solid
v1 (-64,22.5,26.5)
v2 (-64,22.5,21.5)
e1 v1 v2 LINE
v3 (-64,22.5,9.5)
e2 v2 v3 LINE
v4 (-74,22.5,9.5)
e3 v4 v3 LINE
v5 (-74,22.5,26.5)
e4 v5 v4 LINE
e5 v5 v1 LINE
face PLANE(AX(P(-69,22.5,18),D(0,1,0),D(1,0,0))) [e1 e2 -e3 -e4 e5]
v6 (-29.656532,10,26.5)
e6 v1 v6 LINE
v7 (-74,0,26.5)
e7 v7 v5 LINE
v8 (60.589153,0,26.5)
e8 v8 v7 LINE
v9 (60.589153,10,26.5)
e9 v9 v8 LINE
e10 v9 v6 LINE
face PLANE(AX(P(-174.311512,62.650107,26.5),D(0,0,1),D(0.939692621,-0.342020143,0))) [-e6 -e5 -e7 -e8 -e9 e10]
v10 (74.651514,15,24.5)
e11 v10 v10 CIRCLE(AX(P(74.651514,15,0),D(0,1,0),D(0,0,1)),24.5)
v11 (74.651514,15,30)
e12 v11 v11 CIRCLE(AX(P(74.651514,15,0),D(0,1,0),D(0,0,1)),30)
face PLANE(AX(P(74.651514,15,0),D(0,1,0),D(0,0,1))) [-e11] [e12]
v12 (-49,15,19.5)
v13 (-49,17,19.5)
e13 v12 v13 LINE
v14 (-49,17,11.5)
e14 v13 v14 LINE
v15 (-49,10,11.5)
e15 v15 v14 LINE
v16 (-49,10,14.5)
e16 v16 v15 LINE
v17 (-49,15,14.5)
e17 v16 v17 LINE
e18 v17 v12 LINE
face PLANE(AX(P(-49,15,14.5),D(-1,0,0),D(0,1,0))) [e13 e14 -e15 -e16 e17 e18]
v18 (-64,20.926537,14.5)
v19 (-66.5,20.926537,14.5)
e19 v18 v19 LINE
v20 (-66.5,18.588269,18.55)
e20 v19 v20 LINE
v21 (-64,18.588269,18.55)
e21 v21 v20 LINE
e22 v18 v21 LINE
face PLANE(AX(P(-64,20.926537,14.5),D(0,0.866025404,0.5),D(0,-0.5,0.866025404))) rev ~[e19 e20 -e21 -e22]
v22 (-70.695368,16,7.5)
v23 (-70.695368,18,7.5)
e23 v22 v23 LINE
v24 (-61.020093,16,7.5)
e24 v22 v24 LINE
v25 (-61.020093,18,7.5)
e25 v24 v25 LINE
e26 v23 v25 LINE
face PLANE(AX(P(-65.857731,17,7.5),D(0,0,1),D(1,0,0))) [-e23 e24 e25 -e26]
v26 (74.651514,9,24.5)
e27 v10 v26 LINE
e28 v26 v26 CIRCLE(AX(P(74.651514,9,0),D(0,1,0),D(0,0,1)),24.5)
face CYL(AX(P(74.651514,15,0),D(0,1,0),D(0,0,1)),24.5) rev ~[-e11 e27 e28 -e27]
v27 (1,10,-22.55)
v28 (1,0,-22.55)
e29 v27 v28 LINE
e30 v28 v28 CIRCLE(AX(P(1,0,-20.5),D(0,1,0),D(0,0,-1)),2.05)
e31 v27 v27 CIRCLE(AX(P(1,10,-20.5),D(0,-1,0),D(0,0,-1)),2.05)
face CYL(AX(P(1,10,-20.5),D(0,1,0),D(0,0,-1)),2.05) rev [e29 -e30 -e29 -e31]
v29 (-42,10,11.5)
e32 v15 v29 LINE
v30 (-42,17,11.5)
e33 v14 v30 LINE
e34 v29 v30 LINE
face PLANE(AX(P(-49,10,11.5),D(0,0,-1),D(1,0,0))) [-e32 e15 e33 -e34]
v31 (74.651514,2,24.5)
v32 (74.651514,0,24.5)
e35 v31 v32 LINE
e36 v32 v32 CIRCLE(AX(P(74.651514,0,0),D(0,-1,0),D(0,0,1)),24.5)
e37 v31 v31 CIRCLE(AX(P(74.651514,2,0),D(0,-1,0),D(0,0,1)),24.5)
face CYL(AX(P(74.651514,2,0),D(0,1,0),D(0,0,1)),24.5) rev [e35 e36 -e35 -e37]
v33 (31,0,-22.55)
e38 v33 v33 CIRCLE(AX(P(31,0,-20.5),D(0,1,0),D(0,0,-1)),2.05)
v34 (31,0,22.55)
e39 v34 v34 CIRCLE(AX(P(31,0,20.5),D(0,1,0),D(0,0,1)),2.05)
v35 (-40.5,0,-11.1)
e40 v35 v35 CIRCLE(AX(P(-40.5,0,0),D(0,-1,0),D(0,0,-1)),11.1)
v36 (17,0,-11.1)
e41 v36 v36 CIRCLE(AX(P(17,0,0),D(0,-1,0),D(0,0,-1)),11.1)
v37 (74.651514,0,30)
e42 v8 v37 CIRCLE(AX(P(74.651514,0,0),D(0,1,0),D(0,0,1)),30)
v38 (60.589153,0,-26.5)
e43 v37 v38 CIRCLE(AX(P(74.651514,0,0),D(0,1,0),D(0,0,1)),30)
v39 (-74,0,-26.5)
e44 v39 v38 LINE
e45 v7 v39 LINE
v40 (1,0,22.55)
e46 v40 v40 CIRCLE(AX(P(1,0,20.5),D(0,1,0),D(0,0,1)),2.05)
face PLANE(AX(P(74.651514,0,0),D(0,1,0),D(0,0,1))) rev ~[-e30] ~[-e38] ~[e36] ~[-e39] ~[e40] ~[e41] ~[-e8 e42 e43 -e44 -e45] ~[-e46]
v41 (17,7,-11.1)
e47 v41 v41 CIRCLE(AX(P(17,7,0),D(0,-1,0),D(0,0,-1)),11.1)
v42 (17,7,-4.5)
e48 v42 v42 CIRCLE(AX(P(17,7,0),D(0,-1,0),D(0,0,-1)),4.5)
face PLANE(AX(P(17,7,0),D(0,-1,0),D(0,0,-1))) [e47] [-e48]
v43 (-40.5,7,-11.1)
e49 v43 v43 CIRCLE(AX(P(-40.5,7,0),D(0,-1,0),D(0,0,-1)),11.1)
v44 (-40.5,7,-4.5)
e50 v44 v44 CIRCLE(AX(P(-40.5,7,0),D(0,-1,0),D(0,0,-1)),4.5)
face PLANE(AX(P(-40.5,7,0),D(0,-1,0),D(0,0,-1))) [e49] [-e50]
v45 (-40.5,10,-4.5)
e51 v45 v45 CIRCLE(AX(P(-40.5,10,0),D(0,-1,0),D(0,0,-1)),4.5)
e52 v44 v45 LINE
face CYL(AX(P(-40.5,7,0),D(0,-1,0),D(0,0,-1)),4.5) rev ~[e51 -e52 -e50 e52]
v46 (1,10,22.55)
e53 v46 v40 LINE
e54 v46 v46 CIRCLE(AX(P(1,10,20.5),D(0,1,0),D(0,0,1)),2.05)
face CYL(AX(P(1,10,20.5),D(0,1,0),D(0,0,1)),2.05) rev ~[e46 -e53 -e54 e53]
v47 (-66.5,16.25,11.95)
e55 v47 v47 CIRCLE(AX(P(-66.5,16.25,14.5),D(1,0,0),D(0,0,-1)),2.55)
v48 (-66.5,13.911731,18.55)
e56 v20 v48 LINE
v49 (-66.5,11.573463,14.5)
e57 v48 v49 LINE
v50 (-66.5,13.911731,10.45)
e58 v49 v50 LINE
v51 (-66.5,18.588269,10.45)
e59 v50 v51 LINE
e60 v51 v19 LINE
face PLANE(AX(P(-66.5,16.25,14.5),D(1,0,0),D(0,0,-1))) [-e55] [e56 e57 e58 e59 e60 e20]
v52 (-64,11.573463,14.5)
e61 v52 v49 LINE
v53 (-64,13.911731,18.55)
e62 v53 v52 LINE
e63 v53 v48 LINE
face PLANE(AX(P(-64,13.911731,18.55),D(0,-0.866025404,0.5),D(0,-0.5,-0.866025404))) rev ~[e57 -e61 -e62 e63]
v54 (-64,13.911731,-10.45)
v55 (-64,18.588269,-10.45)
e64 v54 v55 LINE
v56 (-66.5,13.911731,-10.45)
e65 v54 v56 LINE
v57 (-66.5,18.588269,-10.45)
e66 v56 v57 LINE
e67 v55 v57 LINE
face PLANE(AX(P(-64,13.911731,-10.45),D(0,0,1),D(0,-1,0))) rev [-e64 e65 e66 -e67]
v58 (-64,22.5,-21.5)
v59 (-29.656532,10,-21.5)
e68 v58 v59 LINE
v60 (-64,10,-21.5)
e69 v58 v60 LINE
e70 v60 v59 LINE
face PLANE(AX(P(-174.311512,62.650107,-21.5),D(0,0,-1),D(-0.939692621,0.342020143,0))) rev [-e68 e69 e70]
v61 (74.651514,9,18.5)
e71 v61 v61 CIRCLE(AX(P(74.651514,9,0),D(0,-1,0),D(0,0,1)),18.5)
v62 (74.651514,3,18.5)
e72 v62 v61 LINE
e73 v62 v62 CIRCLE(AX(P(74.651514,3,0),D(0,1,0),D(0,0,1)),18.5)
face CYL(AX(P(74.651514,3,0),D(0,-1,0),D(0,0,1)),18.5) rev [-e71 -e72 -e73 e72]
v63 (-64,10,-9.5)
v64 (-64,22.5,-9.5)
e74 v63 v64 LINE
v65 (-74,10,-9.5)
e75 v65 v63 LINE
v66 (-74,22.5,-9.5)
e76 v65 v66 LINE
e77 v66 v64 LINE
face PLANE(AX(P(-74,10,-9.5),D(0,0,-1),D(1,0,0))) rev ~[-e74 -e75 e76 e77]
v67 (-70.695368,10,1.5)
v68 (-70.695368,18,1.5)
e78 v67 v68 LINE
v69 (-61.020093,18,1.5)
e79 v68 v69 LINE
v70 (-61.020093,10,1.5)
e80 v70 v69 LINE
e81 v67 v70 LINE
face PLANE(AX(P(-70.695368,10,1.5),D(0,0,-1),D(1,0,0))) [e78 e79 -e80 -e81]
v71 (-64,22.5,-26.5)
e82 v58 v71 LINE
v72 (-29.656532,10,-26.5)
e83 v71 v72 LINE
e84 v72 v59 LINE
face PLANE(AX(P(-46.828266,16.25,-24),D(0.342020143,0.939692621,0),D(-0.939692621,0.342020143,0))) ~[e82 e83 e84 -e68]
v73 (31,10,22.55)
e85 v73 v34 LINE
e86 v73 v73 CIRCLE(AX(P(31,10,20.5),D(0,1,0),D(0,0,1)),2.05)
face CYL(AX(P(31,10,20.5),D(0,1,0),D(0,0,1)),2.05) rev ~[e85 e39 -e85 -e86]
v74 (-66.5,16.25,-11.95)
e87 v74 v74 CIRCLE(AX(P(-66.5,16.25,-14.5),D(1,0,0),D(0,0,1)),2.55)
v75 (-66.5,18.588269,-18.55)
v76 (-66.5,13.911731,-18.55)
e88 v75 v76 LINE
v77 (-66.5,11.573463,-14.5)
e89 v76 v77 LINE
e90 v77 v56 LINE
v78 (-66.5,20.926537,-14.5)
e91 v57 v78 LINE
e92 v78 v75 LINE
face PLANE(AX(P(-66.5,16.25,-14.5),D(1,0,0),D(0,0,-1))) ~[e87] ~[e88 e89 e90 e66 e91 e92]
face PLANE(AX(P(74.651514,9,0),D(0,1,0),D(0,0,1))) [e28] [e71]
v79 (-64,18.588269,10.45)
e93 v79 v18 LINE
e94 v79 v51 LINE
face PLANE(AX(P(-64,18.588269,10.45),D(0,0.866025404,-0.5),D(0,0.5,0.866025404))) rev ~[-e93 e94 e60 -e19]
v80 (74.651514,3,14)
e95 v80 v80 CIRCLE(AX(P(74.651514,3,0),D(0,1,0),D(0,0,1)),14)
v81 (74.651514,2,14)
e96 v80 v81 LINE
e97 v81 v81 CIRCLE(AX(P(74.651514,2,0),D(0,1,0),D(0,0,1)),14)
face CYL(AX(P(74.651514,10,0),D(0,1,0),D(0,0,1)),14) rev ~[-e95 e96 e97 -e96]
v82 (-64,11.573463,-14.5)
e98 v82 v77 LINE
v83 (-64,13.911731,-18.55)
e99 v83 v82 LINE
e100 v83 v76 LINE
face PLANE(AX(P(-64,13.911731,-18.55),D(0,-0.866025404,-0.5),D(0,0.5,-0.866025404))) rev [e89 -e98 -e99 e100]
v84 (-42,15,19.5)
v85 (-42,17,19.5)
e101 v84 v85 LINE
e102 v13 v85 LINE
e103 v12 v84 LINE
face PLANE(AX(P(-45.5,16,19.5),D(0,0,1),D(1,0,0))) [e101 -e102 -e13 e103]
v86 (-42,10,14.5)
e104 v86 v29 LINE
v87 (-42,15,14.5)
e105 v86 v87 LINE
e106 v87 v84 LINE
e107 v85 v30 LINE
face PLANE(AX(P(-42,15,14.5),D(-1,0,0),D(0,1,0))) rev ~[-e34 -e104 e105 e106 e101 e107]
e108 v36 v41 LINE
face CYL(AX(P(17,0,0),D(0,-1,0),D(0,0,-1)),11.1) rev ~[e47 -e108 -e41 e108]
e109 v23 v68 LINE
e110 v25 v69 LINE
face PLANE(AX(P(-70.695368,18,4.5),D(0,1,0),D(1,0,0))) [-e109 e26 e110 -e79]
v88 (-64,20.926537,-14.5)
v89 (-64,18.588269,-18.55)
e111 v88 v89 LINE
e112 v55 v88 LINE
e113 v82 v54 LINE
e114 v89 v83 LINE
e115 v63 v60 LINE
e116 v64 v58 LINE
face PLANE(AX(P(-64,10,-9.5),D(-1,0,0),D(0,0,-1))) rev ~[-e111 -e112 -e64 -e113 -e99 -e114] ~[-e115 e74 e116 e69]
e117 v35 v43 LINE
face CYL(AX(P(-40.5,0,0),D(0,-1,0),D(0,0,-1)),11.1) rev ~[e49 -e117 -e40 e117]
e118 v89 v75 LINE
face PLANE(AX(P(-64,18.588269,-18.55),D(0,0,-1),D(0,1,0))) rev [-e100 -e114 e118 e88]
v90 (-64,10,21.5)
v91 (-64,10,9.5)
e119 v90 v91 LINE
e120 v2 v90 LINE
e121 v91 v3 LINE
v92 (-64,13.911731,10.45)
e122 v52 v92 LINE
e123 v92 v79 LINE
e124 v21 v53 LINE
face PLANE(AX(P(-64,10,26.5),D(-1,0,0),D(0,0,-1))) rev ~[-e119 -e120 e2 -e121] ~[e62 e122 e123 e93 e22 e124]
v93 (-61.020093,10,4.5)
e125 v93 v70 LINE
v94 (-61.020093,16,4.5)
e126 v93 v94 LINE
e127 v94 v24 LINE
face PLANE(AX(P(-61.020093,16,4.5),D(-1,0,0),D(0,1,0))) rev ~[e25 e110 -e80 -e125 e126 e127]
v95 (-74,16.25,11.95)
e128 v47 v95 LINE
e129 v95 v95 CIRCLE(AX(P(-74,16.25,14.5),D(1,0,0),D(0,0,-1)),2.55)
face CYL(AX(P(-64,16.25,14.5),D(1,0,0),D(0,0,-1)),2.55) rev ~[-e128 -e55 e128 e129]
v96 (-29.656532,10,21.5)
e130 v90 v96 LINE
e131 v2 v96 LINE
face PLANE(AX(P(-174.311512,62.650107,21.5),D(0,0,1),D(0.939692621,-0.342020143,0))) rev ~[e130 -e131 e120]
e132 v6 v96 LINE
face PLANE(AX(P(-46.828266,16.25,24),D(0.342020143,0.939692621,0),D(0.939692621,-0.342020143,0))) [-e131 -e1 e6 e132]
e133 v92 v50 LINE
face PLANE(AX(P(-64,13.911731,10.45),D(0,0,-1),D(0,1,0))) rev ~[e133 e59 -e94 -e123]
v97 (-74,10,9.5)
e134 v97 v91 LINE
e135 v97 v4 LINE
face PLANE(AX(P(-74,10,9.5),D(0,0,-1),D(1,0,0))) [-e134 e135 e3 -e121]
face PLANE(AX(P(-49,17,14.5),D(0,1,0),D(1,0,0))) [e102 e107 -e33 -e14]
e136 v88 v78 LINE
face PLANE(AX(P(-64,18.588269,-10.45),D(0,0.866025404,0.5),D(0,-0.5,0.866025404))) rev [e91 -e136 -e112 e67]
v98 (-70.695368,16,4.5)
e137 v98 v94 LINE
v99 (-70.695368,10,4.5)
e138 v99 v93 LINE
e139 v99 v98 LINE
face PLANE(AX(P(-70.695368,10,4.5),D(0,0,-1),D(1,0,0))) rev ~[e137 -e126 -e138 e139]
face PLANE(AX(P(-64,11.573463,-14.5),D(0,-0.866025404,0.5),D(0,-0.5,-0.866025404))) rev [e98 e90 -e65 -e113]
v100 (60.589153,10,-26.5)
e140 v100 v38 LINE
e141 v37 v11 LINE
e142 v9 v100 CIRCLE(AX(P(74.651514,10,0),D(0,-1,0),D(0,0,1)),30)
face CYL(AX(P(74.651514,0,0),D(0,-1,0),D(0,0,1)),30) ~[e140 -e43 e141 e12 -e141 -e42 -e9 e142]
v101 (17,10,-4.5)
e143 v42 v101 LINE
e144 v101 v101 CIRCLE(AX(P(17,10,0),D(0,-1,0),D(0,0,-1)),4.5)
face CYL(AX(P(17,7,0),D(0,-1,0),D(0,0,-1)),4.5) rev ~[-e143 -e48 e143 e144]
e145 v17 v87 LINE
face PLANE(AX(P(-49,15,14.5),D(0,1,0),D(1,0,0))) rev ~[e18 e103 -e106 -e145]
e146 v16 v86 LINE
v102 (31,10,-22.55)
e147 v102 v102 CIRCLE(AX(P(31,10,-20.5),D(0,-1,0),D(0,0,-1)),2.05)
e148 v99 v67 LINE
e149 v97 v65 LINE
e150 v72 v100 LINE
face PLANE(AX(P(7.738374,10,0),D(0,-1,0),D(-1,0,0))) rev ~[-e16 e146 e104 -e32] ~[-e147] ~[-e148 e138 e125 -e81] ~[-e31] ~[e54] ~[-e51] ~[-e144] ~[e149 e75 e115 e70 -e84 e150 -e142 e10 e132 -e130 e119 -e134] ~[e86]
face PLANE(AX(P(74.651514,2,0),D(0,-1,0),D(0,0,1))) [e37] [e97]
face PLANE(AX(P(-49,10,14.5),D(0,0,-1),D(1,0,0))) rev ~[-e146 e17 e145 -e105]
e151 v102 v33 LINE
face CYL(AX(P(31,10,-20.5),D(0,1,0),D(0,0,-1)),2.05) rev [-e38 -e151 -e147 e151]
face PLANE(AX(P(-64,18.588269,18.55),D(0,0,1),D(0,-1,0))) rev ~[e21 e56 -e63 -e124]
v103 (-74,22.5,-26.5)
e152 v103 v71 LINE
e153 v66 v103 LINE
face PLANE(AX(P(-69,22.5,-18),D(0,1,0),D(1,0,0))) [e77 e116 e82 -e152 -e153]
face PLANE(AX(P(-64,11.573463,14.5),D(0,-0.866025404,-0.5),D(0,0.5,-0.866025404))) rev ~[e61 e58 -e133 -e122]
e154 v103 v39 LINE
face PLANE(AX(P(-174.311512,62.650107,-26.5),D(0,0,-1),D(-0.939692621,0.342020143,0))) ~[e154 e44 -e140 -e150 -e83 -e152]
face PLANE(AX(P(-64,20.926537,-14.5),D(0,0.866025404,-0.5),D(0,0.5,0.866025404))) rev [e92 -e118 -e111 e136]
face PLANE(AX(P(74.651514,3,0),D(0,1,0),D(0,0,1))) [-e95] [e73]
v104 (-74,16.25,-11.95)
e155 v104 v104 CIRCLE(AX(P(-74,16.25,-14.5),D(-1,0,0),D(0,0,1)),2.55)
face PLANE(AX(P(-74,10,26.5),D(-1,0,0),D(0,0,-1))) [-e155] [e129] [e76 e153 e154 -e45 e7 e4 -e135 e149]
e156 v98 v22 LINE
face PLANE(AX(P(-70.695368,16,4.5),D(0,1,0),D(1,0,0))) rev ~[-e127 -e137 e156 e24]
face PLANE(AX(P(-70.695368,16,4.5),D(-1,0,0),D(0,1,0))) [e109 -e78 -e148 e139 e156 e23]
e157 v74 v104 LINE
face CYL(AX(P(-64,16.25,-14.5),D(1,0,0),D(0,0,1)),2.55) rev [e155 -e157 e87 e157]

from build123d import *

# Parameters (mm, degrees)
BOSS_EXTRUDE1_DEPTH      = 10
SKETCH3_W                = 10
SKETCH3_H                = 17
BOSS_EXTRUDE2_DEPTH      = 12.5
RIB1_REACH               = 118.391
SKETCH4_WALL_W           = 271.329674284
SKETCH4_WALL_H           = 5
CUT_EXTRUDE1_REACH       = 170.771
SKETCH6_R                = 2.55
CUT_EXTRUDE2_DEPTH       = 2.5
BOSS_EXTRUDE4_DEPTH      = 5
BOSS_EXTRUDE4_DEPTH_BACK = 10
SKETCH11_R               = 30
CUT_EXTRUDE3_REACH       = 111.582
SKETCH8_R                = 14
CUT_EXTRUDE4_DEPTH       = 6
CUT_EXTRUDE4_DEPTH_BACK  = 7
SKETCH9_R                = 18.5
SKETCH12_R               = 24.5
CUT_EXTRUDE6_DEPTH       = 6
SKETCH13_R               = 2.05
CUT_EXTRUDE7_DEPTH       = 110.581884276
CUT_EXTRUDE9_START       = -2
SKETCH15_R               = 24.5
CUT_EXTRUDE9_DEPTH       = 2
SKETCH17_R               = 11.1
CUT_EXTRUDE11_DEPTH      = 7
CUT_EXTRUDE12_REACH      = 111.964
SKETCH18_R               = 4.5
SKETCH19_R               = 11.1
CUT_EXTRUDE13_DEPTH      = 7
CUT_EXTRUDE14_REACH      = 111.964
SKETCH20_R               = 4.5
SKETCH21_W               = 7
SKETCH21_H               = 3
BOSS_EXTRUDE5_DEPTH      = 7
SKETCH22_W               = 7
SKETCH22_H               = 2
BOSS_EXTRUDE6_DEPTH      = 5
SKETCH23_W               = 9.67527482
SKETCH23_H               = 3
BOSS_EXTRUDE7_DEPTH      = 8
SKETCH24_W               = 9.67527482
SKETCH24_H               = 2
BOSS_EXTRUDE8_DEPTH      = 3


with BuildPart() as part:
    # Sketch2 → Boss-Extrude1 (new body)
    with BuildSketch(Plane(origin=(0, 0, 0), x_dir=(1, 0, 0), z_dir=(0, 1, 0))):
        with BuildLine():
            Line((-74, 26.5), (74.6515139, 26.5))
            ThreePointArc((74.6515139, 26.5), (101.1515139, 0), (74.6515139, -26.5))
            Line((74.6515139, -26.5), (-74, -26.5))
            Line((-74, -26.5), (-74, 26.5))
        make_face()
    extrude(amount=BOSS_EXTRUDE1_DEPTH)

    # Sketch3 → Boss-Extrude2 (add)
    with BuildSketch(Plane(origin=(0, 10, 0), x_dir=(1, 0, 0), z_dir=(0, 1, 0))):
        with Locations((-69, -18)):
            Rectangle(SKETCH3_W, SKETCH3_H)
        with Locations((-69, 18)):
            Rectangle(SKETCH3_W, SKETCH3_H)
    extrude(amount=BOSS_EXTRUDE2_DEPTH)

    # Sketch4 wall → Rib1 (add, up to next)
    with BuildSketch(Plane(origin=(-46.828266128, 16.25, 26.5), x_dir=(0.939692620785, -0.342020143327, 0), z_dir=(0.342020143327, 0.939692620785, 0)), mode=Mode.PRIVATE) as rib1_sk1:
        with Locations((0, 2.5)):
            Rectangle(SKETCH4_WALL_W, SKETCH4_WALL_H)
    rib1_tool1 = extrude(rib1_sk1.sketch, amount=-RIB1_REACH, mode=Mode.PRIVATE) - part.part
    rib1 = rib1_tool1.solids().sort_by_distance((-46.828266128, 16.25, 26.5))[0]
    add(rib1)

    # Mirror1: Rib1 across plane
    add(rib1.mirror(Plane.XY))

    # Sketch6 → Cut-Extrude1 (cut, up to next)
    with BuildSketch(Plane(origin=(-64, 0, 0), x_dir=(0, 0, -1), z_dir=(1, 0, 0)), mode=Mode.PRIVATE) as cut_extrude1_sk1:
        with Locations((-14.5, 16.25)):
            Circle(SKETCH6_R)
    cut_extrude1_tool1 = extrude(cut_extrude1_sk1.sketch, amount=-CUT_EXTRUDE1_REACH, mode=Mode.PRIVATE) & part.part
    cut_extrude1 = cut_extrude1_tool1.solids().sort_by_distance((-64, 16.25, 14.5))[0]
    add(cut_extrude1, mode=Mode.SUBTRACT)

    # Sketch7 → Cut-Extrude2 (cut)
    with BuildSketch(Plane(origin=(-64, 0, 0), x_dir=(0, 0, -1), z_dir=(1, 0, 0))):
        Polygon((-10.45, 13.91173141), (-10.45, 18.58826859), (-14.5, 20.92653718), (-18.55, 18.58826859), (-18.55, 13.91173141), (-14.5, 11.57346282), align=None)
    cut_extrude2 = extrude(amount=-CUT_EXTRUDE2_DEPTH, mode=Mode.SUBTRACT)

    # Mirror2: Cut-Extrude1, Cut-Extrude2 across plane
    add(cut_extrude1.mirror(Plane.XY), mode=Mode.SUBTRACT)
    add(cut_extrude2.mirror(Plane.XY), mode=Mode.SUBTRACT)

    # Sketch11 → Boss-Extrude4 (add, two sides: drawn at the far end of the back side and taken through both)
    with BuildSketch(Plane(origin=(0, 10, 0), x_dir=(1, 0, 0), z_dir=(0, 1, 0)).offset(-BOSS_EXTRUDE4_DEPTH_BACK)):
        with Locations(Location((74.6515139, 0, 0), (0, 0, 270))):
            Circle(SKETCH11_R)
    extrude(amount=BOSS_EXTRUDE4_DEPTH + BOSS_EXTRUDE4_DEPTH_BACK)

    # Sketch8 → Cut-Extrude3 (cut, up to next)
    with BuildSketch(Plane(origin=(0, 10, 0), x_dir=(1, 0, 0), z_dir=(0, 1, 0)), mode=Mode.PRIVATE) as cut_extrude3_sk1:
        with Locations(Location((74.6515139, 0, 0), (0, 0, 270))):
            Circle(SKETCH8_R)
    cut_extrude3_tool1 = extrude(cut_extrude3_sk1.sketch, amount=-CUT_EXTRUDE3_REACH, mode=Mode.PRIVATE) & part.part
    add(cut_extrude3_tool1.solids().sort_by_distance((74.651514, 10, 0))[0], mode=Mode.SUBTRACT)

    # Sketch9 → Cut-Extrude4 (cut, two sides: drawn at the far end of the back side and taken through both)
    with BuildSketch(Plane(origin=(0, 10, 0), x_dir=(1, 0, 0), z_dir=(0, 1, 0)).offset(-CUT_EXTRUDE4_DEPTH_BACK)):
        with Locations(Location((74.6515139, 0, 0), (0, 0, 270))):
            Circle(SKETCH9_R)
    extrude(amount=CUT_EXTRUDE4_DEPTH + CUT_EXTRUDE4_DEPTH_BACK, mode=Mode.SUBTRACT)

    # Sketch12 → Cut-Extrude6 (cut)
    with BuildSketch(Plane(origin=(0, 15, 0), x_dir=(1, 0, 0), z_dir=(0, 1, 0))):
        with Locations(Location((74.6515139, 0, 0), (0, 0, 270))):
            Circle(SKETCH12_R)
    extrude(amount=-CUT_EXTRUDE6_DEPTH, mode=Mode.SUBTRACT)

    # Sketch13 → Cut-Extrude7 (cut, through all)
    with BuildSketch(Plane(origin=(0, 10, 0), x_dir=(1, 0, 0), z_dir=(0, 1, 0))):
        with Locations(Location((1, -20.5, 0), (0, 0, 270))):
            Circle(SKETCH13_R)
        with Locations(Location((31, -20.5, 0), (0, 0, 270))):
            Circle(SKETCH13_R)
    cut_extrude7 = extrude(amount=-CUT_EXTRUDE7_DEPTH, mode=Mode.SUBTRACT)

    # Sketch15 → Cut-Extrude9 (cut)
    with BuildSketch(Plane.XZ.offset(CUT_EXTRUDE9_START)):
        with Locations(Location((74.6515139, 0, 0), (0, 0, 90))):
            Circle(SKETCH15_R)
    extrude(amount=CUT_EXTRUDE9_DEPTH, mode=Mode.SUBTRACT)

    # Sketch17 → Cut-Extrude11 (cut)
    with BuildSketch(Plane.XZ):
        with Locations(Location((-40.5, 0, 0), (0, 0, 270))):
            Circle(SKETCH17_R)
    extrude(amount=-CUT_EXTRUDE11_DEPTH, mode=Mode.SUBTRACT)

    # Sketch18 → Cut-Extrude12 (cut, up to next)
    with BuildSketch(Plane.XZ.offset(-7), mode=Mode.PRIVATE) as cut_extrude12_sk1:
        with Locations(Location((-40.5, 0, 0), (0, 0, 270))):
            Circle(SKETCH18_R)
    cut_extrude12_tool1 = extrude(cut_extrude12_sk1.sketch, amount=-CUT_EXTRUDE12_REACH, mode=Mode.PRIVATE) & part.part
    add(cut_extrude12_tool1.solids().sort_by_distance((-40.5, 7, 0))[0], mode=Mode.SUBTRACT)

    # Sketch19 → Cut-Extrude13 (cut)
    with BuildSketch(Plane.XZ):
        with Locations(Location((17, 0, 0), (0, 0, 270))):
            Circle(SKETCH19_R)
    extrude(amount=-CUT_EXTRUDE13_DEPTH, mode=Mode.SUBTRACT)

    # Sketch20 → Cut-Extrude14 (cut, up to next)
    with BuildSketch(Plane.XZ.offset(-7), mode=Mode.PRIVATE) as cut_extrude14_sk1:
        with Locations(Location((17, 0, 0), (0, 0, 270))):
            Circle(SKETCH20_R)
    cut_extrude14_tool1 = extrude(cut_extrude14_sk1.sketch, amount=-CUT_EXTRUDE14_REACH, mode=Mode.PRIVATE) & part.part
    add(cut_extrude14_tool1.solids().sort_by_distance((17, 7, 0))[0], mode=Mode.SUBTRACT)

    # Mirror3: Cut-Extrude7 across plane
    add(cut_extrude7.mirror(Plane.XY), mode=Mode.SUBTRACT)

    # Sketch21 → Boss-Extrude5 (add)
    with BuildSketch(Plane(origin=(0, 10, 0), x_dir=(1, 0, 0), z_dir=(0, 1, 0))):
        with Locations((-45.5, -13)):
            Rectangle(SKETCH21_W, SKETCH21_H)
    extrude(amount=BOSS_EXTRUDE5_DEPTH)

    # Sketch22 → Boss-Extrude6 (add)
    with BuildSketch(Plane.XY.offset(14.5)):
        with Locations((-45.5, 16)):
            Rectangle(SKETCH22_W, SKETCH22_H)
    extrude(amount=BOSS_EXTRUDE6_DEPTH)

    # Sketch23 → Boss-Extrude7 (add)
    with BuildSketch(Plane(origin=(0, 10, 0), x_dir=(1, 0, 0), z_dir=(0, 1, 0))):
        with Locations((-65.857730682, -3)):
            Rectangle(SKETCH23_W, SKETCH23_H)
    extrude(amount=BOSS_EXTRUDE7_DEPTH)

    # Sketch24 → Boss-Extrude8 (add)
    with BuildSketch(Plane.XY.offset(4.5)):
        with Locations((-65.857730682, 17)):
            Rectangle(SKETCH24_W, SKETCH24_H)
    extrude(amount=BOSS_EXTRUDE8_DEPTH)


solid = part.part
